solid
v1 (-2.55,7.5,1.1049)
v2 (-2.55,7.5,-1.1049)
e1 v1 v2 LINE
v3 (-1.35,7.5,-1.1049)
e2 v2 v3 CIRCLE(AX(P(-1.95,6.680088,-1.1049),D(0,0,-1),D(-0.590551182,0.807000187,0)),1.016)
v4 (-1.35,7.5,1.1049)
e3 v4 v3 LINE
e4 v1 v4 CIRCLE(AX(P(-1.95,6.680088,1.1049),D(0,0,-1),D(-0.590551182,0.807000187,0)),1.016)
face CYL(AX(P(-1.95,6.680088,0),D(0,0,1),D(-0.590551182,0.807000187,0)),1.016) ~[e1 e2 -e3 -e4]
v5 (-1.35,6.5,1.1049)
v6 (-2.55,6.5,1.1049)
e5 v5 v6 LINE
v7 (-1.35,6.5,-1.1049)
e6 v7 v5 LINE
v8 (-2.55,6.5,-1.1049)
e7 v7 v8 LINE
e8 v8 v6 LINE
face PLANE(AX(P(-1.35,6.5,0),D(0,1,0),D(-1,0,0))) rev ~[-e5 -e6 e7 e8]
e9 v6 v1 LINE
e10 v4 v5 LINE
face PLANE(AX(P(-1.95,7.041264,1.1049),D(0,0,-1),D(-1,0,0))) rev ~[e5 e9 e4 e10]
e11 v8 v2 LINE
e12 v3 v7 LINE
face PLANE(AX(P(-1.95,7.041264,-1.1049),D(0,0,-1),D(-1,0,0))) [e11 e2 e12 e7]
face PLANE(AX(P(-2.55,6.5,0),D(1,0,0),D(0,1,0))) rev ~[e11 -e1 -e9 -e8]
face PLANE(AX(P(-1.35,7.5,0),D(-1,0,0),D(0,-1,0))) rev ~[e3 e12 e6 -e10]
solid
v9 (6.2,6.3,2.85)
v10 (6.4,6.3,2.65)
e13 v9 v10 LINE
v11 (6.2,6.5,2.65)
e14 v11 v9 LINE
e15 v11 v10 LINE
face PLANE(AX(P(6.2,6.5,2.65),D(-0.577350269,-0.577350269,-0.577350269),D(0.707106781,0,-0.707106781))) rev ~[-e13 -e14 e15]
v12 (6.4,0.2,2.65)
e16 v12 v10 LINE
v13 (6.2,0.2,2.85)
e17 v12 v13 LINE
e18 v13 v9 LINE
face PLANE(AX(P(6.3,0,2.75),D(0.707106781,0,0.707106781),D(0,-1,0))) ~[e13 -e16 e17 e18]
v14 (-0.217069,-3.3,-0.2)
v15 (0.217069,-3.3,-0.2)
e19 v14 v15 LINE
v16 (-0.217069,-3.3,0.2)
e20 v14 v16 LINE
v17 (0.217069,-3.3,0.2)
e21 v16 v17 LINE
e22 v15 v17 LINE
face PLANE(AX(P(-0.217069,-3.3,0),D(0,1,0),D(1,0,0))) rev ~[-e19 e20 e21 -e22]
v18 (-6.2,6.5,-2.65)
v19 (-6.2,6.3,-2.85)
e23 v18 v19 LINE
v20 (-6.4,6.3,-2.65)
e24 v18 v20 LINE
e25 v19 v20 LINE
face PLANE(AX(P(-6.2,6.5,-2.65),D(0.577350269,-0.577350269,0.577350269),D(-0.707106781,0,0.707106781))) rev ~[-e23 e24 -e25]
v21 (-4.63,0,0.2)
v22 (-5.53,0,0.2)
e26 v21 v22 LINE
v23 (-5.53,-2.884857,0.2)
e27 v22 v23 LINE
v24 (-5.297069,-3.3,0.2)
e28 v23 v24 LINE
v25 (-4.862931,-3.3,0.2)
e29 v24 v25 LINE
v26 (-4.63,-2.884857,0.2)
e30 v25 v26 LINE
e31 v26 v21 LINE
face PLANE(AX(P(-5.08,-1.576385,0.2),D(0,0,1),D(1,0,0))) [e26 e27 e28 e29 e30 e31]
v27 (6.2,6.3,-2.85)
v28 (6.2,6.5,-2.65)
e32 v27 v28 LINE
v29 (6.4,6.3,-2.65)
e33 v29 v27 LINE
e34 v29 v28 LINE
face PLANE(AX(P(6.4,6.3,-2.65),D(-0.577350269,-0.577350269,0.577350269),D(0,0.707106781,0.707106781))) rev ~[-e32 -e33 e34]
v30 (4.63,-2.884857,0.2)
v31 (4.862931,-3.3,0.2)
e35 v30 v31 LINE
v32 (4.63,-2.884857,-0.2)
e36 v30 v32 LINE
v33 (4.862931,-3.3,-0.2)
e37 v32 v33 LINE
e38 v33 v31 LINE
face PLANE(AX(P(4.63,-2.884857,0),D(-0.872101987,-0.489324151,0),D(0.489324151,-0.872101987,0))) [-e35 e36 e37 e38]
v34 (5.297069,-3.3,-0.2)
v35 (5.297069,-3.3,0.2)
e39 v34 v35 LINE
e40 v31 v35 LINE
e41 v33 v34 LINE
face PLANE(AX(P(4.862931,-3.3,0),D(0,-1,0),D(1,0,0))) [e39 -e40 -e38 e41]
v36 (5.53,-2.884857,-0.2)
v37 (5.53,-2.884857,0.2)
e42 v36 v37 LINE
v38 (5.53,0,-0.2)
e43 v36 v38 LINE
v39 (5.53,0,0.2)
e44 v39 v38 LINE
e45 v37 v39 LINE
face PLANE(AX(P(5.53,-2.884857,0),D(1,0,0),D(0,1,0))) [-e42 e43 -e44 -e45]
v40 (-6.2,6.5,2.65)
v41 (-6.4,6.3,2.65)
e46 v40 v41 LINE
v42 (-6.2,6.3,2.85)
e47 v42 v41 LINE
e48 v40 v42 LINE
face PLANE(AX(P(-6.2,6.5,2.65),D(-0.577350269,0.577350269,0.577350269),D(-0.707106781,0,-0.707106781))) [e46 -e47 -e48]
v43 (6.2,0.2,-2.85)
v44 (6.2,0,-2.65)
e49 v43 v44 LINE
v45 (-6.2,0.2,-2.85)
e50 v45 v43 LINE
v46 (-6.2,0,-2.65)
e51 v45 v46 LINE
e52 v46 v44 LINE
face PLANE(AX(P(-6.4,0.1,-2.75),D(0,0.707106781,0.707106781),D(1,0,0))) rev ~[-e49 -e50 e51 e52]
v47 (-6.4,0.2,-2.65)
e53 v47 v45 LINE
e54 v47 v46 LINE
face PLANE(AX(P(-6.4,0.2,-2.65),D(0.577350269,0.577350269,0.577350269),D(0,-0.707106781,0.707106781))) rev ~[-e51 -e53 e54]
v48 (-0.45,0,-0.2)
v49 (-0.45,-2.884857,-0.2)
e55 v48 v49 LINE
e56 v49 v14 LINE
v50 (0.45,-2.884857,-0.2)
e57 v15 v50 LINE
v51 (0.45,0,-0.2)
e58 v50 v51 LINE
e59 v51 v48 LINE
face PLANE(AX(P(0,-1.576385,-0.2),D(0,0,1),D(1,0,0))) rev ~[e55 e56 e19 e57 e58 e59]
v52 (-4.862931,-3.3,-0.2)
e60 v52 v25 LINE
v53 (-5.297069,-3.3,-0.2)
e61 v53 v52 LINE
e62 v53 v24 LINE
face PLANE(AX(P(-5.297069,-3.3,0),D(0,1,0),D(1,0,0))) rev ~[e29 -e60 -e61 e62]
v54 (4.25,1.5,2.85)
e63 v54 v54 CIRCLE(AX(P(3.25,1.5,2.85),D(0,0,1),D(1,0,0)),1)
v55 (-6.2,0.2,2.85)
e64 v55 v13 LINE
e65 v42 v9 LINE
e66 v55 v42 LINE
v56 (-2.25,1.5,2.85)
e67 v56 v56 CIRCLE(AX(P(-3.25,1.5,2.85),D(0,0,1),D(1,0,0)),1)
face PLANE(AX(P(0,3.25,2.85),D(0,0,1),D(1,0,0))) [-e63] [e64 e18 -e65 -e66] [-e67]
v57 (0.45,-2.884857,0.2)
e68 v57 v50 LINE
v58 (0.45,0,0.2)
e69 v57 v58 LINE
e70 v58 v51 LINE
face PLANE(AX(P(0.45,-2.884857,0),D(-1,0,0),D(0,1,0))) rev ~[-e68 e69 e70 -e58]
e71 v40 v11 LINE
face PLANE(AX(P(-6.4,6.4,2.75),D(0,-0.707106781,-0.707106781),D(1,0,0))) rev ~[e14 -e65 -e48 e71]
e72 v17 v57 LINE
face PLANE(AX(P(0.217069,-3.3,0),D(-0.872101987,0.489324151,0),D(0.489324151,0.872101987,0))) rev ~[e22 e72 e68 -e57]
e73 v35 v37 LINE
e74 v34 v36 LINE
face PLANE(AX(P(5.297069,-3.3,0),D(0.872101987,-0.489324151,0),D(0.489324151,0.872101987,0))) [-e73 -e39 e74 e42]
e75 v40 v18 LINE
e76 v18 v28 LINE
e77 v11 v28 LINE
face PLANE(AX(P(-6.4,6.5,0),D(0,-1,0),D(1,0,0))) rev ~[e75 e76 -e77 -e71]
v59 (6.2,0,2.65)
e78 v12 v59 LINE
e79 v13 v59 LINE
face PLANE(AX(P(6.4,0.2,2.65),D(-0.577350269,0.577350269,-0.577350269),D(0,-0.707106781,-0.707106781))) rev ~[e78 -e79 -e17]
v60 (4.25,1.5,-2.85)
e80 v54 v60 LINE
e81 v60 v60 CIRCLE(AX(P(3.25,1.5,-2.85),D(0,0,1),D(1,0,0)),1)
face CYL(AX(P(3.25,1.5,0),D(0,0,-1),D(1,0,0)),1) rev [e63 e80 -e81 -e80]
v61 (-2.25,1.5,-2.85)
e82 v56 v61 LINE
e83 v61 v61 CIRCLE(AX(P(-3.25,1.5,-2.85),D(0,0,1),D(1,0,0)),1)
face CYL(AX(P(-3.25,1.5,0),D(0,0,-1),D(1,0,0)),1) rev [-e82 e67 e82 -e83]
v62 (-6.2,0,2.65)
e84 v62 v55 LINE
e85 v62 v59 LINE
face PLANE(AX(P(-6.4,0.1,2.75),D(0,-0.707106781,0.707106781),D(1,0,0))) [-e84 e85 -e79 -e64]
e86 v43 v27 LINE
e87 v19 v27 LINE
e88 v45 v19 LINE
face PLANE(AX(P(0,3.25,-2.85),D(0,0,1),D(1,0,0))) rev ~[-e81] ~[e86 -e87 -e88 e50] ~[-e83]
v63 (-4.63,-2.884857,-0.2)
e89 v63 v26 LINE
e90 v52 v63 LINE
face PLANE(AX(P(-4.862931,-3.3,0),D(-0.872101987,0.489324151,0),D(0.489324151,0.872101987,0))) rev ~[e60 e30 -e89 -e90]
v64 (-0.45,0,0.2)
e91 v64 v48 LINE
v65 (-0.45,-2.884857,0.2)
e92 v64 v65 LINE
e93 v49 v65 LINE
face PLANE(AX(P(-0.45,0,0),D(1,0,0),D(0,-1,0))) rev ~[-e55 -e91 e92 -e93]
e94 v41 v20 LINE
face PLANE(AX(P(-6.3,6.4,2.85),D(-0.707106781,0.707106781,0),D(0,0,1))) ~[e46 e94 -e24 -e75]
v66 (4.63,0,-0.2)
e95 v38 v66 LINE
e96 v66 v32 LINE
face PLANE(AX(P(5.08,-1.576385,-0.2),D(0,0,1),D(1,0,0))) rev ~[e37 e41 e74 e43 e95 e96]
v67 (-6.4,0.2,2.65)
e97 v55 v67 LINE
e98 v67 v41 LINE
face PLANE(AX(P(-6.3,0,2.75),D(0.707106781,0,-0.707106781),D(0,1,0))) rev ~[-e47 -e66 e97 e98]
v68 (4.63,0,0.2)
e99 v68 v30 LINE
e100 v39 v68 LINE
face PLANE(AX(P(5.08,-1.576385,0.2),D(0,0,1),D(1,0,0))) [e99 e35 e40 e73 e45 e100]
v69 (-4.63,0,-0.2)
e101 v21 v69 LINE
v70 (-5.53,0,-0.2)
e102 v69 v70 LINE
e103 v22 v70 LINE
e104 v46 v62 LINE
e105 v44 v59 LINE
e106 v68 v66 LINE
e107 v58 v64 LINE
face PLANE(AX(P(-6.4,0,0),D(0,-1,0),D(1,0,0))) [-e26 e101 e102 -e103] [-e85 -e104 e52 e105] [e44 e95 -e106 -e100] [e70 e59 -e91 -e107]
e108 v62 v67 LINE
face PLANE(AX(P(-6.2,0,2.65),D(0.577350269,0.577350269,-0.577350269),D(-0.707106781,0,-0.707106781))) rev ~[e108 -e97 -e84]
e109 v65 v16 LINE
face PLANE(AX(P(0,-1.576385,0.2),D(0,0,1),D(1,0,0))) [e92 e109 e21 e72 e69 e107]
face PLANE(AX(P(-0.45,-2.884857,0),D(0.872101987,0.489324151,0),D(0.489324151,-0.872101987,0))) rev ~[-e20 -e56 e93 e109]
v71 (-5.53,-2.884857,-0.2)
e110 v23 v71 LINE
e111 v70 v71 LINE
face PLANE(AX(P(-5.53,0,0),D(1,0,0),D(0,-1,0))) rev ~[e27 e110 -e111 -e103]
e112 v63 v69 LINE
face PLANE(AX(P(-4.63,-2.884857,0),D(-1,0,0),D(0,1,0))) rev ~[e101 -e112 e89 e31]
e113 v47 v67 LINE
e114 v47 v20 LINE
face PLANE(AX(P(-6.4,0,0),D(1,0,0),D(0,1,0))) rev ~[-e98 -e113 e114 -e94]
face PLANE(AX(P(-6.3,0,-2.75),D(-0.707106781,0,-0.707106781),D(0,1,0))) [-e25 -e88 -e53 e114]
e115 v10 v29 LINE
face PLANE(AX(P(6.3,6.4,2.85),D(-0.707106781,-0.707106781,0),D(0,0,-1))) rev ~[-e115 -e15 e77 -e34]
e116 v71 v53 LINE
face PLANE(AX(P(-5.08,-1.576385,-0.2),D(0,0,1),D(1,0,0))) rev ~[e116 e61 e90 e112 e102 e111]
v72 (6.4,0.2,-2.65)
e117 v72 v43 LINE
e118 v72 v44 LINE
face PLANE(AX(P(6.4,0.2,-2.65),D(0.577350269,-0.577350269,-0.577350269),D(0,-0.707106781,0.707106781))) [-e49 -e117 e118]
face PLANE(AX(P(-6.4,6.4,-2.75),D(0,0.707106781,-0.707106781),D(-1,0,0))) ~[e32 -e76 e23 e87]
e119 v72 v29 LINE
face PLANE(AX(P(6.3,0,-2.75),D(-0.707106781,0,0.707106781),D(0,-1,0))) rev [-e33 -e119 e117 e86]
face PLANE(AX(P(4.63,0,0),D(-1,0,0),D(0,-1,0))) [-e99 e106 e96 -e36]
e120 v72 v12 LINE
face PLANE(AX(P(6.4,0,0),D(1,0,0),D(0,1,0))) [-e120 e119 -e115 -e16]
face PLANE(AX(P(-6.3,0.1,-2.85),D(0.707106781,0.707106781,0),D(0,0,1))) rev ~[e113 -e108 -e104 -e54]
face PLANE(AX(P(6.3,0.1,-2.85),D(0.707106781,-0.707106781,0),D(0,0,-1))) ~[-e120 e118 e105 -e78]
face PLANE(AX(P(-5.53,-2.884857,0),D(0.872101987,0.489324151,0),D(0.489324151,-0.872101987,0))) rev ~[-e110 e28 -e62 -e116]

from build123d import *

# Parameters (mm, degrees)
SKETCH2_W           = 12.8
SKETCH2_H           = 6.5
SKETCH2_R           = 1
EXTRUDE1_DEPTH      = 2.85
EXTRUDE2_DEPTH      = 1.1049
BOSS_EXTRUDE2_DEPTH = 0.2
CHAMFER1_SIZE       = 0.2


with BuildPart() as part:
    # Sketch2 → Extrude1 (new body, symmetric)
    with BuildSketch(Plane.XY):
        with Locations((0, 3.25)):
            Rectangle(SKETCH2_W, SKETCH2_H)
        with Locations((3.25, 1.5)):
            Circle(SKETCH2_R, mode=Mode.SUBTRACT)
        with Locations((-3.25, 1.5)):
            Circle(SKETCH2_R, mode=Mode.SUBTRACT)
    extrude(amount=EXTRUDE1_DEPTH, both=True)

    # Sketch12 → Boss-Extrude2 (add, symmetric)
    with BuildSketch(Plane.XY):
        Polygon((-0.45, 0), (-0.45, -2.884856908), (-0.217069054, -3.3), (0.217069054, -3.3), (0.45, -2.884856908), (0.45, 0), align=None)
        Polygon((-5.53, -2.884856908), (-5.297069054, -3.3), (-4.862930946, -3.3), (-4.63, -2.884856908), (-4.63, 0), (-5.53, 0), align=None)
        Polygon((4.63, -2.884856908), (4.862930946, -3.3), (5.297069054, -3.3), (5.53, -2.884856908), (5.53, 0), (4.63, 0), align=None)
    extrude(amount=BOSS_EXTRUDE2_DEPTH, both=True)

    # Chamfer1
    chamfer1_edges = [part.edges().sort_by_distance(p)[0] for p in [
        (-6.4, 3.25, 2.85),
        (0, 0, 2.85),
        (6.4, 3.25, 2.85),
        (0, 0, -2.85),
        (-6.4, 3.25, -2.85),
        (0, 6.5, -2.85),
        (6.4, 3.25, -2.85),
        (0, 6.5, 2.85),
        (6.4, 0, 0),
        (-6.4, 0, 0),
        (-6.4, 6.5, 0),
        (6.4, 6.5, 0),
    ]]
    chamfer(chamfer1_edges, length=CHAMFER1_SIZE)


with BuildPart() as body_2:
    # Sketch3 → Extrude2 (new body, symmetric)
    with BuildSketch(Plane.XY):
        with BuildLine():
            Line((-2.55, 6.5), (-2.55, 7.5))
            ThreePointArc((-2.55, 7.5), (-1.95, 7.69608781), (-1.35, 7.5))
            Line((-1.35, 7.5), (-1.35, 6.5))
            Line((-1.35, 6.5), (-2.55, 6.5))
        make_face()
    extrude(amount=EXTRUDE2_DEPTH, both=True)


solid = Compound([part.part, body_2.part])
